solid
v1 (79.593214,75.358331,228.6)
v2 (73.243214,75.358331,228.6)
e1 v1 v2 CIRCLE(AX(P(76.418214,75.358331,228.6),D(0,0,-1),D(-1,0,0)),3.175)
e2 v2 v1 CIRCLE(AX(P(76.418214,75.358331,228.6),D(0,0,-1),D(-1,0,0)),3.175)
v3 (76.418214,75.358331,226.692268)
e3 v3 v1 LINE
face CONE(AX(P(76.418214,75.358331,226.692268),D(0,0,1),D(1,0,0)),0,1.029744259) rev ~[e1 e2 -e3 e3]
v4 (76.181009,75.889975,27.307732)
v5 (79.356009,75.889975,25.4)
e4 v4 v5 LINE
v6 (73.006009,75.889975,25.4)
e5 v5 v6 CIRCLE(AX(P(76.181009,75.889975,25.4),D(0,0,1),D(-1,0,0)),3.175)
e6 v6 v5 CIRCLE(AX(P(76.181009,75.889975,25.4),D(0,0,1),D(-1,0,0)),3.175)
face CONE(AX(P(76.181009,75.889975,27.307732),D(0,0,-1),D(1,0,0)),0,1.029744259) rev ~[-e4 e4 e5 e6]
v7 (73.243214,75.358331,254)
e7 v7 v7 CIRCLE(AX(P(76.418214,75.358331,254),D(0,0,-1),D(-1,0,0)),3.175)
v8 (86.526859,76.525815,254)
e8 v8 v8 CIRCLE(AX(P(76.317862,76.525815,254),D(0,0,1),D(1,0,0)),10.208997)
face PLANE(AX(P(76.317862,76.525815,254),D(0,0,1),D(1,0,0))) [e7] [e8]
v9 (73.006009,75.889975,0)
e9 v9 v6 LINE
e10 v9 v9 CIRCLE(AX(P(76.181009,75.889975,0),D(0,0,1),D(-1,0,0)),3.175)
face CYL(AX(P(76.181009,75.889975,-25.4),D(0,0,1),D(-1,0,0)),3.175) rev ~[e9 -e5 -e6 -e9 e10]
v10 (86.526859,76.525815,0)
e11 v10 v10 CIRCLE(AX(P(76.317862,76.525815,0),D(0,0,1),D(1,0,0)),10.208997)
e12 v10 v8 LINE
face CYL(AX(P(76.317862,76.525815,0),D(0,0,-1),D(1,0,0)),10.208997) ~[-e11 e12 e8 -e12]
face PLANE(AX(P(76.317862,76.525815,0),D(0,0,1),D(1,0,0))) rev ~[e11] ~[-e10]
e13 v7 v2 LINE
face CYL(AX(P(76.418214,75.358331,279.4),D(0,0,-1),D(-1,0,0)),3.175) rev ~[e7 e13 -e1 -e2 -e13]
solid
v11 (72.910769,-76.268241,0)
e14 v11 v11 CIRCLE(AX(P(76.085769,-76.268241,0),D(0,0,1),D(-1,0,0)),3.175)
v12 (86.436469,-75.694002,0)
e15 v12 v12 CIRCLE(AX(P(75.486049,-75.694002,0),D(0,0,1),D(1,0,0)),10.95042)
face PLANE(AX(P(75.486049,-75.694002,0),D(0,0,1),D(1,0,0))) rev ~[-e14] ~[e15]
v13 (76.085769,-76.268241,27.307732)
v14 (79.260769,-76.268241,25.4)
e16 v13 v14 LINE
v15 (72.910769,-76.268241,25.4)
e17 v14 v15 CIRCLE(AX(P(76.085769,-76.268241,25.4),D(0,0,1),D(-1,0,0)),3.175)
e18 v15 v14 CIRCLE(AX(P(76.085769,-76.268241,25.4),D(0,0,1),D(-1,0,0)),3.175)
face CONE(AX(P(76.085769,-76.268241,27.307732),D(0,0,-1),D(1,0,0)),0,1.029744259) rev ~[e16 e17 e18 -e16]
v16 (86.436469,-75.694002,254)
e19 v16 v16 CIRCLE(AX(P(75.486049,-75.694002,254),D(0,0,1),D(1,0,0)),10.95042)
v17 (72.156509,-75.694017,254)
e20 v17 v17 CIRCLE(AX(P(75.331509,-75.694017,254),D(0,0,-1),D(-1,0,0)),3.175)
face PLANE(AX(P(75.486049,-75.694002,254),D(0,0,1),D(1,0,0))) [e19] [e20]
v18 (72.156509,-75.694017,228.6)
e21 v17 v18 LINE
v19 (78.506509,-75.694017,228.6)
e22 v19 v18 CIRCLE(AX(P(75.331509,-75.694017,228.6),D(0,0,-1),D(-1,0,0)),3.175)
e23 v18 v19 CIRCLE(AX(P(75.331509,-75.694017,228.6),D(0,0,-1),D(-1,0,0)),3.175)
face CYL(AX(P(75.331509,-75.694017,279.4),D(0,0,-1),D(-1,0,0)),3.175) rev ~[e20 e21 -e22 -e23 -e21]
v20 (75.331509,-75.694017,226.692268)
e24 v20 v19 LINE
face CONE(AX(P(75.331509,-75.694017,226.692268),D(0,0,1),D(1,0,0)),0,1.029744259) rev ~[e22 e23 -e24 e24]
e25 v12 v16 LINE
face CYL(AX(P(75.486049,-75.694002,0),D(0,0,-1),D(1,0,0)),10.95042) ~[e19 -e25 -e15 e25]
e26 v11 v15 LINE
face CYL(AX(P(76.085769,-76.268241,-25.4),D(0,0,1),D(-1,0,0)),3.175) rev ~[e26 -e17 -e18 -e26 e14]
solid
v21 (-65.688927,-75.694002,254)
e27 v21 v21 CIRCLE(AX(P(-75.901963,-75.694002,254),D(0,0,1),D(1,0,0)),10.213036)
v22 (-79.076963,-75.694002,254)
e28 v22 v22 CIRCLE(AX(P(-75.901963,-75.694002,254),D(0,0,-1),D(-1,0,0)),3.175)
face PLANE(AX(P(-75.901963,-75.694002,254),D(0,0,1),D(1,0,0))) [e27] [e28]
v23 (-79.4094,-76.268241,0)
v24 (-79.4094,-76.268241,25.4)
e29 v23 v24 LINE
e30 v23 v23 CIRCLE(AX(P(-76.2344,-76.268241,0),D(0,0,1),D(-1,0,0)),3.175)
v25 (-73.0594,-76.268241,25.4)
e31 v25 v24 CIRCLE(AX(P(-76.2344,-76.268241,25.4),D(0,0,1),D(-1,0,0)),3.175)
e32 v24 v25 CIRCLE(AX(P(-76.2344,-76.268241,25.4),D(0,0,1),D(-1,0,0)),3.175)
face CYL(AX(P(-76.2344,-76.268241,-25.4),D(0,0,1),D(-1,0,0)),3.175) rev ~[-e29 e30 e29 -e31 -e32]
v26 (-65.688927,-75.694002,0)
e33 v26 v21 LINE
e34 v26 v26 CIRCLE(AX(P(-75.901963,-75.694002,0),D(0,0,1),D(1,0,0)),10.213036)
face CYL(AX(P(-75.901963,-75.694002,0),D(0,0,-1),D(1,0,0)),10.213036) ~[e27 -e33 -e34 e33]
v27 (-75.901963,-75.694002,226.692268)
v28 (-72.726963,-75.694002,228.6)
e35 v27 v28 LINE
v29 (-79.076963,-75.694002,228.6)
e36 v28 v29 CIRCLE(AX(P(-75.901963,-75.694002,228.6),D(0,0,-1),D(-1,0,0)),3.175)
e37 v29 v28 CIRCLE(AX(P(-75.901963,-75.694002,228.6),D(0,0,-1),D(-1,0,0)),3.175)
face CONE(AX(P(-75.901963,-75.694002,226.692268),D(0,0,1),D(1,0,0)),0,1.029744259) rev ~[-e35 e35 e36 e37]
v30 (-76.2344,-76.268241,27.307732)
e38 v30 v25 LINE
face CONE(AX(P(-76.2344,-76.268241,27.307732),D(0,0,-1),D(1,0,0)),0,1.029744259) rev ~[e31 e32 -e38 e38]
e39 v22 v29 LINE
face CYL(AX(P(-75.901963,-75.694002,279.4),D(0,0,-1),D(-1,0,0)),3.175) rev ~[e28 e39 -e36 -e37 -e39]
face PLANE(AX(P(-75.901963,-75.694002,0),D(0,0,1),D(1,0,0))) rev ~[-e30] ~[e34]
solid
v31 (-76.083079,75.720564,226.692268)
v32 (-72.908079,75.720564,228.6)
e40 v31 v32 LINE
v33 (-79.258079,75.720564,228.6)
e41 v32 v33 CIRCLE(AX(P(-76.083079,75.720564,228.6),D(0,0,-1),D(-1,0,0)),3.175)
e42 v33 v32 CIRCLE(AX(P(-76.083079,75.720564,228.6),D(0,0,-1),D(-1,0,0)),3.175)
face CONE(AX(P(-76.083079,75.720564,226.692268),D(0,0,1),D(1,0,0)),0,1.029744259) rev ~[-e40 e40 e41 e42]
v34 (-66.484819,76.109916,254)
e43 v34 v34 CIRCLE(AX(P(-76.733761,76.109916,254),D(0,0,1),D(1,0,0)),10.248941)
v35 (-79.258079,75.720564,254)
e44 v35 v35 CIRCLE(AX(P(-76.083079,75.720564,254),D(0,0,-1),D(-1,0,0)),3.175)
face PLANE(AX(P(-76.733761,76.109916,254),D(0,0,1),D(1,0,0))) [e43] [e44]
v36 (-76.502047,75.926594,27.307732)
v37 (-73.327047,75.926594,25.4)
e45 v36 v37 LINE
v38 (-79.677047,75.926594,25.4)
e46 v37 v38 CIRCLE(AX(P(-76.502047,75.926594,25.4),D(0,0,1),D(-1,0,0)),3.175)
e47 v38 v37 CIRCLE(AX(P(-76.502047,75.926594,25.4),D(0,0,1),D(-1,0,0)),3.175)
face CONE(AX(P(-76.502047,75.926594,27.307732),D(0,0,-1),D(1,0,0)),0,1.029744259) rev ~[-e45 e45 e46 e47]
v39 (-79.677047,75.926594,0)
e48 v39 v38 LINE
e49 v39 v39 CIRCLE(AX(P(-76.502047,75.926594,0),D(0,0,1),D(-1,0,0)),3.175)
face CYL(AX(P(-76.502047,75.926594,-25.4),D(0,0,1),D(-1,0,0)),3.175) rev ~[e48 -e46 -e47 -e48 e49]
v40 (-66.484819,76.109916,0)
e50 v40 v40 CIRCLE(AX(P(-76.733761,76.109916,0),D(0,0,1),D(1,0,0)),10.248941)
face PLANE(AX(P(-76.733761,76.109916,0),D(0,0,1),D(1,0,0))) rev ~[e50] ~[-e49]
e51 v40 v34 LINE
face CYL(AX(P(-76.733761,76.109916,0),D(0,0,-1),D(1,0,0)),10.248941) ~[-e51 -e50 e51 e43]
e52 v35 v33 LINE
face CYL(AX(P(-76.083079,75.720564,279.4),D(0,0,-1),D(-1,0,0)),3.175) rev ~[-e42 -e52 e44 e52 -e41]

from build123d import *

# Parameters (mm, degrees)
F0_R       = 10.2489411148
F1_DEPTH   = 254
F0_R_2     = 10.2089969217
F0_R_3     = 10.9504197112
F0_R_4     = 10.2130357503
F3_D       = 6.35
F3_DEPTH   = 25.4
F3_TIP     = 1.9077324654
F3_2_D     = 6.35
F3_2_DEPTH = 25.4
F3_2_TIP   = 1.9077324654
F3_3_D     = 6.35
F3_3_DEPTH = 25.4
F3_3_TIP   = 1.9077324654
F3_4_D     = 6.35
F3_4_DEPTH = 25.4
F3_4_TIP   = 1.9077324654
F5_D       = 6.35
F5_DEPTH   = 25.4
F5_TIP     = 1.9077324654
F5_2_D     = 6.35
F5_2_DEPTH = 25.4
F5_2_TIP   = 1.9077324654
F5_3_D     = 6.35
F5_3_DEPTH = 25.4
F5_3_TIP   = 1.9077324654
F5_4_D     = 6.35
F5_4_DEPTH = 25.4
F5_4_TIP   = 1.9077324654


with BuildPart() as f1:
    # F0 (on Top) → F1 (new body)
    with BuildSketch(Plane.XY):
        with Locations((-76.7337605357, 76.1099159718)):
            Circle(F0_R)
    extrude(amount=F1_DEPTH)

    # F3
    with Locations(Plane.XY.offset(254)):
        with Locations((-76.0830789804, 75.7205635309), (76.4182135463, 75.3583312035), (75.3315091133, -75.6940171123), (-75.9019628167, -75.6940022111)):
            Hole(F3_D / 2, depth=F3_DEPTH)
            with Locations((0, 0, -(F3_DEPTH + F3_TIP / 2))):  # 118° drill point
                Cone(0, F3_D / 2, F3_TIP, mode=Mode.SUBTRACT)

    # F5
    with Locations(Plane(origin=(0, 0, 0), x_dir=(1, 0, 0), z_dir=(0, 0, -1))):
        with Locations((-76.2344002724, 76.2682408094), (76.08576864, 76.2682408094), (76.1810094118, -75.8899748325), (-76.5020474792, -75.9265944362)):
            Hole(F5_D / 2, depth=F5_DEPTH)
            with Locations((0, 0, -(F5_DEPTH + F5_TIP / 2))):  # 118° drill point
                Cone(0, F5_D / 2, F5_TIP, mode=Mode.SUBTRACT)


with BuildPart() as f1b:
    # F0 (on Top) → F1, piece 2 (new body)
    with BuildSketch(Plane.XY):
        with Locations((76.3178616762, 76.5258148313)):
            Circle(F0_R_2)
    extrude(amount=F1_DEPTH)

    # F3#2
    with Locations(Plane.XY.offset(254)):
        with Locations((-76.0830789804, 75.7205635309), (76.4182135463, 75.3583312035), (75.3315091133, -75.6940171123), (-75.9019628167, -75.6940022111)):
            Hole(F3_2_D / 2, depth=F3_2_DEPTH)
            with Locations((0, 0, -(F3_2_DEPTH + F3_2_TIP / 2))):  # 118° drill point
                Cone(0, F3_2_D / 2, F3_2_TIP, mode=Mode.SUBTRACT)

    # F5#2
    with Locations(Plane(origin=(0, 0, 0), x_dir=(1, 0, 0), z_dir=(0, 0, -1))):
        with Locations((-76.2344002724, 76.2682408094), (76.08576864, 76.2682408094), (76.1810094118, -75.8899748325), (-76.5020474792, -75.9265944362)):
            Hole(F5_2_D / 2, depth=F5_2_DEPTH)
            with Locations((0, 0, -(F5_2_DEPTH + F5_2_TIP / 2))):  # 118° drill point
                Cone(0, F5_2_D / 2, F5_2_TIP, mode=Mode.SUBTRACT)


with BuildPart() as f1c:
    # F0 (on Top) → F1, piece 3 (new body)
    with BuildSketch(Plane.XY):
        with Locations((75.4860490561, -75.6940022111)):
            Circle(F0_R_3)
    extrude(amount=F1_DEPTH)

    # F3#3
    with Locations(Plane.XY.offset(254)):
        with Locations((-76.0830789804, 75.7205635309), (76.4182135463, 75.3583312035), (75.3315091133, -75.6940171123), (-75.9019628167, -75.6940022111)):
            Hole(F3_3_D / 2, depth=F3_3_DEPTH)
            with Locations((0, 0, -(F3_3_DEPTH + F3_3_TIP / 2))):  # 118° drill point
                Cone(0, F3_3_D / 2, F3_3_TIP, mode=Mode.SUBTRACT)

    # F5#3
    with Locations(Plane(origin=(0, 0, 0), x_dir=(1, 0, 0), z_dir=(0, 0, -1))):
        with Locations((-76.2344002724, 76.2682408094), (76.08576864, 76.2682408094), (76.1810094118, -75.8899748325), (-76.5020474792, -75.9265944362)):
            Hole(F5_3_D / 2, depth=F5_3_DEPTH)
            with Locations((0, 0, -(F5_3_DEPTH + F5_3_TIP / 2))):  # 118° drill point
                Cone(0, F5_3_D / 2, F5_3_TIP, mode=Mode.SUBTRACT)


with BuildPart() as f1d:
    # F0 (on Top) → F1, piece 4 (new body)
    with BuildSketch(Plane.XY):
        with Locations((-75.9019628167, -75.6940022111)):
            Circle(F0_R_4)
    extrude(amount=F1_DEPTH)

    # F3#4
    with Locations(Plane.XY.offset(254)):
        with Locations((-76.0830789804, 75.7205635309), (76.4182135463, 75.3583312035), (75.3315091133, -75.6940171123), (-75.9019628167, -75.6940022111)):
            Hole(F3_4_D / 2, depth=F3_4_DEPTH)
            with Locations((0, 0, -(F3_4_DEPTH + F3_4_TIP / 2))):  # 118° drill point
                Cone(0, F3_4_D / 2, F3_4_TIP, mode=Mode.SUBTRACT)

    # F5#4
    with Locations(Plane(origin=(0, 0, 0), x_dir=(1, 0, 0), z_dir=(0, 0, -1))):
        with Locations((-76.2344002724, 76.2682408094), (76.08576864, 76.2682408094), (76.1810094118, -75.8899748325), (-76.5020474792, -75.9265944362)):
            Hole(F5_4_D / 2, depth=F5_4_DEPTH)
            with Locations((0, 0, -(F5_4_DEPTH + F5_4_TIP / 2))):  # 118° drill point
                Cone(0, F5_4_D / 2, F5_4_TIP, mode=Mode.SUBTRACT)


solid = Compound([f1.part, f1b.part, f1c.part, f1d.part])
